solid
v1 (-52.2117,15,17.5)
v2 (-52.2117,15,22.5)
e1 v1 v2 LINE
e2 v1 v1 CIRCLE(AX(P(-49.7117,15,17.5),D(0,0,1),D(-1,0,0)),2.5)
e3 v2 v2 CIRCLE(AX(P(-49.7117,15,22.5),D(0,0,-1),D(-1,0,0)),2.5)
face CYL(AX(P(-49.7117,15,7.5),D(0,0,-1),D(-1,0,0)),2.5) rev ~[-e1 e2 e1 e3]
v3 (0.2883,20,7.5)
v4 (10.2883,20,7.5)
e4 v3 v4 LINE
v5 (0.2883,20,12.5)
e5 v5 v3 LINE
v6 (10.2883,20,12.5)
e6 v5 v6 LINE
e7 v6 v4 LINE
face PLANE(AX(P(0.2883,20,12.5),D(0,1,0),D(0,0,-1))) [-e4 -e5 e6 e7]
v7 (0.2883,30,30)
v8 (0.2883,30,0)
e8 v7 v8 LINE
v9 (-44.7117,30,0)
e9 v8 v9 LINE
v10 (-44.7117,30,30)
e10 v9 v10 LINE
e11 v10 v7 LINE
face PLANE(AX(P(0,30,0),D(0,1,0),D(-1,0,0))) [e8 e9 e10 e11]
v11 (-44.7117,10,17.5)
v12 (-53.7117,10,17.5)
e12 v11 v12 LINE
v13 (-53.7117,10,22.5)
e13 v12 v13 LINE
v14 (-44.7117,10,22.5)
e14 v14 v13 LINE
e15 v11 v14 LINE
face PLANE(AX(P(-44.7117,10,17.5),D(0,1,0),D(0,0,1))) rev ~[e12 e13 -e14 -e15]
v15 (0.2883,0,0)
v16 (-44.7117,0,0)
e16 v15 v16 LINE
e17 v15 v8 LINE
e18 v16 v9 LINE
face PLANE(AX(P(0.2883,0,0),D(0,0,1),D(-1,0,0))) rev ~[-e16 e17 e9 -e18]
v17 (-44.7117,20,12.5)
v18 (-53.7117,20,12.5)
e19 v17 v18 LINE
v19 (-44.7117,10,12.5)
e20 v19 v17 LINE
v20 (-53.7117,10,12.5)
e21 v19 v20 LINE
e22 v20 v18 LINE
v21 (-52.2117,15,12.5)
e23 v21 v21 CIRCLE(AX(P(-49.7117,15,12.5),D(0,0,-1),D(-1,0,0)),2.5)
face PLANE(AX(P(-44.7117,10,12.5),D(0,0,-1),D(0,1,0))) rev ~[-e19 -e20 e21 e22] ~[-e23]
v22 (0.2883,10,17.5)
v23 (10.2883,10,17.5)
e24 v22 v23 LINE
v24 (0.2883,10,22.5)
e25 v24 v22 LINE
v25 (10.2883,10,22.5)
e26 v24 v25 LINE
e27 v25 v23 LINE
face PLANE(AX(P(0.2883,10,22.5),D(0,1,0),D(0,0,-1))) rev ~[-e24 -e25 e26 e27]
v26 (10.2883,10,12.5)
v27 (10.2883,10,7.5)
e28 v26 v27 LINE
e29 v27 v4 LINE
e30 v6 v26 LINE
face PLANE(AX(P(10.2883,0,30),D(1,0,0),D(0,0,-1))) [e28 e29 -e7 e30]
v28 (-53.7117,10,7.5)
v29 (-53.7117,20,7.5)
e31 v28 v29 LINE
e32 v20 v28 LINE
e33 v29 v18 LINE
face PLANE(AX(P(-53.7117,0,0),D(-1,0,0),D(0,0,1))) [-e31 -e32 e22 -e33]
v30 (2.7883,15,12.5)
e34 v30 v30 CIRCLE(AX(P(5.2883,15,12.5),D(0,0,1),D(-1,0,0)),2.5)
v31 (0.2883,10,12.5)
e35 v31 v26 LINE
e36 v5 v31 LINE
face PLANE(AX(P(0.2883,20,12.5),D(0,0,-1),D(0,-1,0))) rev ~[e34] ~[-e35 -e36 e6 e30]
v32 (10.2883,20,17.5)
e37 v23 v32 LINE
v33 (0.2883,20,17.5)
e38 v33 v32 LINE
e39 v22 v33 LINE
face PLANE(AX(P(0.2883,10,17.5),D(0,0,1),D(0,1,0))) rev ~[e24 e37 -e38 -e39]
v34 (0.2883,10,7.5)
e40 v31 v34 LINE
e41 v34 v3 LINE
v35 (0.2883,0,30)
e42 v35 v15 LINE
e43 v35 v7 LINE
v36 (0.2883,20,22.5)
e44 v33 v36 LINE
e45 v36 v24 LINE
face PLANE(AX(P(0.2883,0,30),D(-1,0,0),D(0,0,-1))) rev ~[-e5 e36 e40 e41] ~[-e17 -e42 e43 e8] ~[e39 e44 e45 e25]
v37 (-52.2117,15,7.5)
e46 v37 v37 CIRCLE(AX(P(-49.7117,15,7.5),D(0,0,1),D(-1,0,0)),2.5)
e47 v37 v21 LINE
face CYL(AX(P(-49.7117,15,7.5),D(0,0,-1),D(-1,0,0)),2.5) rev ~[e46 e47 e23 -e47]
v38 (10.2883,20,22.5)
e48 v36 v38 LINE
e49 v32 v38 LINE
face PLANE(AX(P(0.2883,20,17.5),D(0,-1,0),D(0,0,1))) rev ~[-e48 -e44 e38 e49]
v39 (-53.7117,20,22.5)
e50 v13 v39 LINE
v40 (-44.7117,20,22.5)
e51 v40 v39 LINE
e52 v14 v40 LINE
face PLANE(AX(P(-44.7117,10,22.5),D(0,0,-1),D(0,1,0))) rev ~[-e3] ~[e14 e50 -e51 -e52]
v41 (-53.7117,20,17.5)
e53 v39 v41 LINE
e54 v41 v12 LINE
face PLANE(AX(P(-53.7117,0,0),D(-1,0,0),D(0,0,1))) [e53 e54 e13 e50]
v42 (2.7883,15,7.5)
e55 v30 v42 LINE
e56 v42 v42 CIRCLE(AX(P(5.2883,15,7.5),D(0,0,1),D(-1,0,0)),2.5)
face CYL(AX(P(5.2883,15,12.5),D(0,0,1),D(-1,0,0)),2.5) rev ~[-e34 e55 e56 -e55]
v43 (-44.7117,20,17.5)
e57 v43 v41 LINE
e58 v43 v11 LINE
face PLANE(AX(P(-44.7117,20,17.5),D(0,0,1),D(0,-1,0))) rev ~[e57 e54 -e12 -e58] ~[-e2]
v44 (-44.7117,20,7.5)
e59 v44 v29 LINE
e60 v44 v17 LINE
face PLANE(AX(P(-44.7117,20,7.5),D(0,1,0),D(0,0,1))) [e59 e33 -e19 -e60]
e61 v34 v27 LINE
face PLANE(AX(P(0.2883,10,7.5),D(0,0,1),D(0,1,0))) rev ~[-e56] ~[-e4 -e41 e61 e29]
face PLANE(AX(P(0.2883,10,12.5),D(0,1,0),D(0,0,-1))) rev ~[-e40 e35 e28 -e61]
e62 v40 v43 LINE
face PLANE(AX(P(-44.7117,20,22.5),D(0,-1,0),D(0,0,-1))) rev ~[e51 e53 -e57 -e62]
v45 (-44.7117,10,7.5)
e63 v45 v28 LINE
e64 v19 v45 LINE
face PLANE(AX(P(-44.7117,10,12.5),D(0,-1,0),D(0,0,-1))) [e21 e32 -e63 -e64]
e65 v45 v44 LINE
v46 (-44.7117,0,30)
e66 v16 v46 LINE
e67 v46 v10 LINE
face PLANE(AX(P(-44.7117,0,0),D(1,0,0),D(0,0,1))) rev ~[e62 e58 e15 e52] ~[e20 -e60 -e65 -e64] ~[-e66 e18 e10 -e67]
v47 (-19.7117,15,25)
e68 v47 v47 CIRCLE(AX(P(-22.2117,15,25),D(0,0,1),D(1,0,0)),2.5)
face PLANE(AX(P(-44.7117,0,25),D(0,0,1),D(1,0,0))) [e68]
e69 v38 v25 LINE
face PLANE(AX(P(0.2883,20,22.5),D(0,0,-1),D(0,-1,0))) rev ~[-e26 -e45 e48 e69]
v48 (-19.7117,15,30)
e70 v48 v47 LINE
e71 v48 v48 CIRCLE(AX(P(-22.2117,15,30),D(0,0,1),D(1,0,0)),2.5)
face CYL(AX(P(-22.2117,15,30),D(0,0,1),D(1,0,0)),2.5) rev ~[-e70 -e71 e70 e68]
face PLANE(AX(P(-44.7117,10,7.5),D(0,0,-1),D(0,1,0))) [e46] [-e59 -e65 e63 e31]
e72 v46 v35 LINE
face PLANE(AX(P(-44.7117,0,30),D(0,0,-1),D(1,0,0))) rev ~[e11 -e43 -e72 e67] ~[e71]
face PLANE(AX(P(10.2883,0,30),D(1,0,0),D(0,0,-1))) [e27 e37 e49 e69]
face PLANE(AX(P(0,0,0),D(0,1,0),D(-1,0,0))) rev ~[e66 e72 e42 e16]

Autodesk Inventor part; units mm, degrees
ref_plane "YZ Plane" through (0, 0, 0) normal (1, 0, 0) x (0, 1, 0)
ref_plane "XZ Plane" through (0, 0, 0) normal (0, 1, 0) x (-1, 0, 0)
ref_plane "XY Plane" through (0, 0, 0) normal (0, 0, 1) x (1, 0, 0)
sketch "Sketch1" plane through (0, 0, 0) normal (0, 1, 0) x (-1, 0, 0)
  line L0 (-0.2883, 0) -> (44.7117, 0)
  line L1 (44.7117, 0) -> (44.7117, 30)
  line L2 (44.7117, 30) -> (-0.2883, 30)
  line L3 (-0.2883, 30) -> (-0.2883, 0)
  point P0 (0, 0)
  dimension "d0" = 45
  dimension "d1" = 30
extrude "Extrusion1" add sketch "Sketch1" along normal blind 30
sketch "Sketch2" plane through (-44.7117, 0, 0) normal (-1, 0, 0) x (0, 0, 1)
  line L0 (19.294, 8.1716) -> (10.706, 21.8284) construction
  line L1 (10.706, 8.1716) -> (19.294, 21.8284) construction
  line L2 (17.5, 10) -> (12.5, 10)
  line L3 (12.5, 10) -> (12.5, 20)
  line L4 (12.5, 20) -> (17.5, 20)
  line L5 (17.5, 20) -> (17.5, 10)
  line L6 (17.5, 10) -> (12.5, 20) construction
  line L7 (12.5, 10) -> (17.5, 20) construction
  line L8 (12.5, 10) -> (7.5, 10)
  line L9 (7.5, 10) -> (7.5, 20)
  line L10 (7.5, 20) -> (12.5, 20)
  line L11 (12.5, 20) -> (12.5, 10)
  line L12 (17.5, 10) -> (22.5, 10)
  line L13 (22.5, 10) -> (22.5, 20)
  line L14 (22.5, 20) -> (17.5, 20)
  line L15 (17.5, 20) -> (17.5, 10)
  point P0 (0, 0)
  point P1 (15, 15)
  dimension "d4" = 5
  dimension "d5" = 10
  dimension "d6" = 5
  dimension "d7" = 5
extrude "Extrusion2" add sketch "Sketch2" along normal blind 9 contours L5 L14 L13 L12 | L8 L9 L10 L3
sketch "Sketch3" plane through (-44.7117, 10, 7.5) normal (0, 0, -1) x (-1, 0, 0)
  line L0 (0, -10) -> (0, 20) projected
  line L1 (0, 5) -> (5, 5)
  circle A0 centre (5, 5) radius 2.5
  point P0 (-44.7117, -10)
  dimension "d10" = 5
  dimension "d11" = 5
extrude "Extrusion3" cut sketch "Sketch3" against normal through all
sketch "Sketch4" plane through (0.2883, 0, 30) normal (1, 0, 0) x (0, 0, -1)
  line L0 (12.5, 10) -> (12.5, 20) projected
  line L1 (17.5, 10) -> (22.5, 10) projected
  line L2 (12.5, 20) -> (17.5, 20)
  line L3 (17.5, 20) -> (17.5, 10)
  line L4 (17.5, 10) -> (12.5, 10)
  line L5 (12.5, 10) -> (12.5, 20)
  line L6 (17.5, 20) -> (22.5, 20) projected
  line L7 (17.5, 10) -> (22.5, 10)
  line L8 (22.5, 10) -> (22.5, 20)
  line L9 (22.5, 20) -> (17.5, 20)
  line L10 (17.5, 20) -> (17.5, 10)
  line L11 (7.5, 10) -> (12.5, 10) projected
  line L12 (12.5, 20) -> (7.5, 20)
  line L13 (7.5, 20) -> (7.5, 10)
  line L14 (7.5, 10) -> (12.5, 10)
  line L15 (12.5, 10) -> (12.5, 20)
  point P0 (30, 0)
extrude "Extrusion4" add sketch "Sketch4" along normal blind 10 contours L11 L13 L12 L0 | L3 L6 L8 L1
sketch "Sketch5" plane through (0.2883, 10, 12.5) normal (0, 0, 1) x (-1, 0, 0)
  line L0 (0, 10) -> (0, -20) projected
  line L1 (0, -5) -> (-5, -5)
  circle A0 centre (-5, -5) radius 2.5
  point P0 (0.2883, 10)
  dimension "d16" = 5
  dimension "d17" = 5
extrude "Extrusion5" cut sketch "Sketch5" against normal through all
sketch "Sketch6" plane through (-44.7117, 0, 30) normal (0, 0, 1) x (1, 0, 0)
  circle A0 centre (22.5, 15) radius 2.5
  line L0 (0, 0) -> (0, 30) projected
  point P0 (44.7117, 0)
  point P1 (0, 15)
  dimension "d20" = 5
  dimension "d23" = 22.5
extrude "Extrusion6" cut sketch "Sketch6" against normal blind 5
